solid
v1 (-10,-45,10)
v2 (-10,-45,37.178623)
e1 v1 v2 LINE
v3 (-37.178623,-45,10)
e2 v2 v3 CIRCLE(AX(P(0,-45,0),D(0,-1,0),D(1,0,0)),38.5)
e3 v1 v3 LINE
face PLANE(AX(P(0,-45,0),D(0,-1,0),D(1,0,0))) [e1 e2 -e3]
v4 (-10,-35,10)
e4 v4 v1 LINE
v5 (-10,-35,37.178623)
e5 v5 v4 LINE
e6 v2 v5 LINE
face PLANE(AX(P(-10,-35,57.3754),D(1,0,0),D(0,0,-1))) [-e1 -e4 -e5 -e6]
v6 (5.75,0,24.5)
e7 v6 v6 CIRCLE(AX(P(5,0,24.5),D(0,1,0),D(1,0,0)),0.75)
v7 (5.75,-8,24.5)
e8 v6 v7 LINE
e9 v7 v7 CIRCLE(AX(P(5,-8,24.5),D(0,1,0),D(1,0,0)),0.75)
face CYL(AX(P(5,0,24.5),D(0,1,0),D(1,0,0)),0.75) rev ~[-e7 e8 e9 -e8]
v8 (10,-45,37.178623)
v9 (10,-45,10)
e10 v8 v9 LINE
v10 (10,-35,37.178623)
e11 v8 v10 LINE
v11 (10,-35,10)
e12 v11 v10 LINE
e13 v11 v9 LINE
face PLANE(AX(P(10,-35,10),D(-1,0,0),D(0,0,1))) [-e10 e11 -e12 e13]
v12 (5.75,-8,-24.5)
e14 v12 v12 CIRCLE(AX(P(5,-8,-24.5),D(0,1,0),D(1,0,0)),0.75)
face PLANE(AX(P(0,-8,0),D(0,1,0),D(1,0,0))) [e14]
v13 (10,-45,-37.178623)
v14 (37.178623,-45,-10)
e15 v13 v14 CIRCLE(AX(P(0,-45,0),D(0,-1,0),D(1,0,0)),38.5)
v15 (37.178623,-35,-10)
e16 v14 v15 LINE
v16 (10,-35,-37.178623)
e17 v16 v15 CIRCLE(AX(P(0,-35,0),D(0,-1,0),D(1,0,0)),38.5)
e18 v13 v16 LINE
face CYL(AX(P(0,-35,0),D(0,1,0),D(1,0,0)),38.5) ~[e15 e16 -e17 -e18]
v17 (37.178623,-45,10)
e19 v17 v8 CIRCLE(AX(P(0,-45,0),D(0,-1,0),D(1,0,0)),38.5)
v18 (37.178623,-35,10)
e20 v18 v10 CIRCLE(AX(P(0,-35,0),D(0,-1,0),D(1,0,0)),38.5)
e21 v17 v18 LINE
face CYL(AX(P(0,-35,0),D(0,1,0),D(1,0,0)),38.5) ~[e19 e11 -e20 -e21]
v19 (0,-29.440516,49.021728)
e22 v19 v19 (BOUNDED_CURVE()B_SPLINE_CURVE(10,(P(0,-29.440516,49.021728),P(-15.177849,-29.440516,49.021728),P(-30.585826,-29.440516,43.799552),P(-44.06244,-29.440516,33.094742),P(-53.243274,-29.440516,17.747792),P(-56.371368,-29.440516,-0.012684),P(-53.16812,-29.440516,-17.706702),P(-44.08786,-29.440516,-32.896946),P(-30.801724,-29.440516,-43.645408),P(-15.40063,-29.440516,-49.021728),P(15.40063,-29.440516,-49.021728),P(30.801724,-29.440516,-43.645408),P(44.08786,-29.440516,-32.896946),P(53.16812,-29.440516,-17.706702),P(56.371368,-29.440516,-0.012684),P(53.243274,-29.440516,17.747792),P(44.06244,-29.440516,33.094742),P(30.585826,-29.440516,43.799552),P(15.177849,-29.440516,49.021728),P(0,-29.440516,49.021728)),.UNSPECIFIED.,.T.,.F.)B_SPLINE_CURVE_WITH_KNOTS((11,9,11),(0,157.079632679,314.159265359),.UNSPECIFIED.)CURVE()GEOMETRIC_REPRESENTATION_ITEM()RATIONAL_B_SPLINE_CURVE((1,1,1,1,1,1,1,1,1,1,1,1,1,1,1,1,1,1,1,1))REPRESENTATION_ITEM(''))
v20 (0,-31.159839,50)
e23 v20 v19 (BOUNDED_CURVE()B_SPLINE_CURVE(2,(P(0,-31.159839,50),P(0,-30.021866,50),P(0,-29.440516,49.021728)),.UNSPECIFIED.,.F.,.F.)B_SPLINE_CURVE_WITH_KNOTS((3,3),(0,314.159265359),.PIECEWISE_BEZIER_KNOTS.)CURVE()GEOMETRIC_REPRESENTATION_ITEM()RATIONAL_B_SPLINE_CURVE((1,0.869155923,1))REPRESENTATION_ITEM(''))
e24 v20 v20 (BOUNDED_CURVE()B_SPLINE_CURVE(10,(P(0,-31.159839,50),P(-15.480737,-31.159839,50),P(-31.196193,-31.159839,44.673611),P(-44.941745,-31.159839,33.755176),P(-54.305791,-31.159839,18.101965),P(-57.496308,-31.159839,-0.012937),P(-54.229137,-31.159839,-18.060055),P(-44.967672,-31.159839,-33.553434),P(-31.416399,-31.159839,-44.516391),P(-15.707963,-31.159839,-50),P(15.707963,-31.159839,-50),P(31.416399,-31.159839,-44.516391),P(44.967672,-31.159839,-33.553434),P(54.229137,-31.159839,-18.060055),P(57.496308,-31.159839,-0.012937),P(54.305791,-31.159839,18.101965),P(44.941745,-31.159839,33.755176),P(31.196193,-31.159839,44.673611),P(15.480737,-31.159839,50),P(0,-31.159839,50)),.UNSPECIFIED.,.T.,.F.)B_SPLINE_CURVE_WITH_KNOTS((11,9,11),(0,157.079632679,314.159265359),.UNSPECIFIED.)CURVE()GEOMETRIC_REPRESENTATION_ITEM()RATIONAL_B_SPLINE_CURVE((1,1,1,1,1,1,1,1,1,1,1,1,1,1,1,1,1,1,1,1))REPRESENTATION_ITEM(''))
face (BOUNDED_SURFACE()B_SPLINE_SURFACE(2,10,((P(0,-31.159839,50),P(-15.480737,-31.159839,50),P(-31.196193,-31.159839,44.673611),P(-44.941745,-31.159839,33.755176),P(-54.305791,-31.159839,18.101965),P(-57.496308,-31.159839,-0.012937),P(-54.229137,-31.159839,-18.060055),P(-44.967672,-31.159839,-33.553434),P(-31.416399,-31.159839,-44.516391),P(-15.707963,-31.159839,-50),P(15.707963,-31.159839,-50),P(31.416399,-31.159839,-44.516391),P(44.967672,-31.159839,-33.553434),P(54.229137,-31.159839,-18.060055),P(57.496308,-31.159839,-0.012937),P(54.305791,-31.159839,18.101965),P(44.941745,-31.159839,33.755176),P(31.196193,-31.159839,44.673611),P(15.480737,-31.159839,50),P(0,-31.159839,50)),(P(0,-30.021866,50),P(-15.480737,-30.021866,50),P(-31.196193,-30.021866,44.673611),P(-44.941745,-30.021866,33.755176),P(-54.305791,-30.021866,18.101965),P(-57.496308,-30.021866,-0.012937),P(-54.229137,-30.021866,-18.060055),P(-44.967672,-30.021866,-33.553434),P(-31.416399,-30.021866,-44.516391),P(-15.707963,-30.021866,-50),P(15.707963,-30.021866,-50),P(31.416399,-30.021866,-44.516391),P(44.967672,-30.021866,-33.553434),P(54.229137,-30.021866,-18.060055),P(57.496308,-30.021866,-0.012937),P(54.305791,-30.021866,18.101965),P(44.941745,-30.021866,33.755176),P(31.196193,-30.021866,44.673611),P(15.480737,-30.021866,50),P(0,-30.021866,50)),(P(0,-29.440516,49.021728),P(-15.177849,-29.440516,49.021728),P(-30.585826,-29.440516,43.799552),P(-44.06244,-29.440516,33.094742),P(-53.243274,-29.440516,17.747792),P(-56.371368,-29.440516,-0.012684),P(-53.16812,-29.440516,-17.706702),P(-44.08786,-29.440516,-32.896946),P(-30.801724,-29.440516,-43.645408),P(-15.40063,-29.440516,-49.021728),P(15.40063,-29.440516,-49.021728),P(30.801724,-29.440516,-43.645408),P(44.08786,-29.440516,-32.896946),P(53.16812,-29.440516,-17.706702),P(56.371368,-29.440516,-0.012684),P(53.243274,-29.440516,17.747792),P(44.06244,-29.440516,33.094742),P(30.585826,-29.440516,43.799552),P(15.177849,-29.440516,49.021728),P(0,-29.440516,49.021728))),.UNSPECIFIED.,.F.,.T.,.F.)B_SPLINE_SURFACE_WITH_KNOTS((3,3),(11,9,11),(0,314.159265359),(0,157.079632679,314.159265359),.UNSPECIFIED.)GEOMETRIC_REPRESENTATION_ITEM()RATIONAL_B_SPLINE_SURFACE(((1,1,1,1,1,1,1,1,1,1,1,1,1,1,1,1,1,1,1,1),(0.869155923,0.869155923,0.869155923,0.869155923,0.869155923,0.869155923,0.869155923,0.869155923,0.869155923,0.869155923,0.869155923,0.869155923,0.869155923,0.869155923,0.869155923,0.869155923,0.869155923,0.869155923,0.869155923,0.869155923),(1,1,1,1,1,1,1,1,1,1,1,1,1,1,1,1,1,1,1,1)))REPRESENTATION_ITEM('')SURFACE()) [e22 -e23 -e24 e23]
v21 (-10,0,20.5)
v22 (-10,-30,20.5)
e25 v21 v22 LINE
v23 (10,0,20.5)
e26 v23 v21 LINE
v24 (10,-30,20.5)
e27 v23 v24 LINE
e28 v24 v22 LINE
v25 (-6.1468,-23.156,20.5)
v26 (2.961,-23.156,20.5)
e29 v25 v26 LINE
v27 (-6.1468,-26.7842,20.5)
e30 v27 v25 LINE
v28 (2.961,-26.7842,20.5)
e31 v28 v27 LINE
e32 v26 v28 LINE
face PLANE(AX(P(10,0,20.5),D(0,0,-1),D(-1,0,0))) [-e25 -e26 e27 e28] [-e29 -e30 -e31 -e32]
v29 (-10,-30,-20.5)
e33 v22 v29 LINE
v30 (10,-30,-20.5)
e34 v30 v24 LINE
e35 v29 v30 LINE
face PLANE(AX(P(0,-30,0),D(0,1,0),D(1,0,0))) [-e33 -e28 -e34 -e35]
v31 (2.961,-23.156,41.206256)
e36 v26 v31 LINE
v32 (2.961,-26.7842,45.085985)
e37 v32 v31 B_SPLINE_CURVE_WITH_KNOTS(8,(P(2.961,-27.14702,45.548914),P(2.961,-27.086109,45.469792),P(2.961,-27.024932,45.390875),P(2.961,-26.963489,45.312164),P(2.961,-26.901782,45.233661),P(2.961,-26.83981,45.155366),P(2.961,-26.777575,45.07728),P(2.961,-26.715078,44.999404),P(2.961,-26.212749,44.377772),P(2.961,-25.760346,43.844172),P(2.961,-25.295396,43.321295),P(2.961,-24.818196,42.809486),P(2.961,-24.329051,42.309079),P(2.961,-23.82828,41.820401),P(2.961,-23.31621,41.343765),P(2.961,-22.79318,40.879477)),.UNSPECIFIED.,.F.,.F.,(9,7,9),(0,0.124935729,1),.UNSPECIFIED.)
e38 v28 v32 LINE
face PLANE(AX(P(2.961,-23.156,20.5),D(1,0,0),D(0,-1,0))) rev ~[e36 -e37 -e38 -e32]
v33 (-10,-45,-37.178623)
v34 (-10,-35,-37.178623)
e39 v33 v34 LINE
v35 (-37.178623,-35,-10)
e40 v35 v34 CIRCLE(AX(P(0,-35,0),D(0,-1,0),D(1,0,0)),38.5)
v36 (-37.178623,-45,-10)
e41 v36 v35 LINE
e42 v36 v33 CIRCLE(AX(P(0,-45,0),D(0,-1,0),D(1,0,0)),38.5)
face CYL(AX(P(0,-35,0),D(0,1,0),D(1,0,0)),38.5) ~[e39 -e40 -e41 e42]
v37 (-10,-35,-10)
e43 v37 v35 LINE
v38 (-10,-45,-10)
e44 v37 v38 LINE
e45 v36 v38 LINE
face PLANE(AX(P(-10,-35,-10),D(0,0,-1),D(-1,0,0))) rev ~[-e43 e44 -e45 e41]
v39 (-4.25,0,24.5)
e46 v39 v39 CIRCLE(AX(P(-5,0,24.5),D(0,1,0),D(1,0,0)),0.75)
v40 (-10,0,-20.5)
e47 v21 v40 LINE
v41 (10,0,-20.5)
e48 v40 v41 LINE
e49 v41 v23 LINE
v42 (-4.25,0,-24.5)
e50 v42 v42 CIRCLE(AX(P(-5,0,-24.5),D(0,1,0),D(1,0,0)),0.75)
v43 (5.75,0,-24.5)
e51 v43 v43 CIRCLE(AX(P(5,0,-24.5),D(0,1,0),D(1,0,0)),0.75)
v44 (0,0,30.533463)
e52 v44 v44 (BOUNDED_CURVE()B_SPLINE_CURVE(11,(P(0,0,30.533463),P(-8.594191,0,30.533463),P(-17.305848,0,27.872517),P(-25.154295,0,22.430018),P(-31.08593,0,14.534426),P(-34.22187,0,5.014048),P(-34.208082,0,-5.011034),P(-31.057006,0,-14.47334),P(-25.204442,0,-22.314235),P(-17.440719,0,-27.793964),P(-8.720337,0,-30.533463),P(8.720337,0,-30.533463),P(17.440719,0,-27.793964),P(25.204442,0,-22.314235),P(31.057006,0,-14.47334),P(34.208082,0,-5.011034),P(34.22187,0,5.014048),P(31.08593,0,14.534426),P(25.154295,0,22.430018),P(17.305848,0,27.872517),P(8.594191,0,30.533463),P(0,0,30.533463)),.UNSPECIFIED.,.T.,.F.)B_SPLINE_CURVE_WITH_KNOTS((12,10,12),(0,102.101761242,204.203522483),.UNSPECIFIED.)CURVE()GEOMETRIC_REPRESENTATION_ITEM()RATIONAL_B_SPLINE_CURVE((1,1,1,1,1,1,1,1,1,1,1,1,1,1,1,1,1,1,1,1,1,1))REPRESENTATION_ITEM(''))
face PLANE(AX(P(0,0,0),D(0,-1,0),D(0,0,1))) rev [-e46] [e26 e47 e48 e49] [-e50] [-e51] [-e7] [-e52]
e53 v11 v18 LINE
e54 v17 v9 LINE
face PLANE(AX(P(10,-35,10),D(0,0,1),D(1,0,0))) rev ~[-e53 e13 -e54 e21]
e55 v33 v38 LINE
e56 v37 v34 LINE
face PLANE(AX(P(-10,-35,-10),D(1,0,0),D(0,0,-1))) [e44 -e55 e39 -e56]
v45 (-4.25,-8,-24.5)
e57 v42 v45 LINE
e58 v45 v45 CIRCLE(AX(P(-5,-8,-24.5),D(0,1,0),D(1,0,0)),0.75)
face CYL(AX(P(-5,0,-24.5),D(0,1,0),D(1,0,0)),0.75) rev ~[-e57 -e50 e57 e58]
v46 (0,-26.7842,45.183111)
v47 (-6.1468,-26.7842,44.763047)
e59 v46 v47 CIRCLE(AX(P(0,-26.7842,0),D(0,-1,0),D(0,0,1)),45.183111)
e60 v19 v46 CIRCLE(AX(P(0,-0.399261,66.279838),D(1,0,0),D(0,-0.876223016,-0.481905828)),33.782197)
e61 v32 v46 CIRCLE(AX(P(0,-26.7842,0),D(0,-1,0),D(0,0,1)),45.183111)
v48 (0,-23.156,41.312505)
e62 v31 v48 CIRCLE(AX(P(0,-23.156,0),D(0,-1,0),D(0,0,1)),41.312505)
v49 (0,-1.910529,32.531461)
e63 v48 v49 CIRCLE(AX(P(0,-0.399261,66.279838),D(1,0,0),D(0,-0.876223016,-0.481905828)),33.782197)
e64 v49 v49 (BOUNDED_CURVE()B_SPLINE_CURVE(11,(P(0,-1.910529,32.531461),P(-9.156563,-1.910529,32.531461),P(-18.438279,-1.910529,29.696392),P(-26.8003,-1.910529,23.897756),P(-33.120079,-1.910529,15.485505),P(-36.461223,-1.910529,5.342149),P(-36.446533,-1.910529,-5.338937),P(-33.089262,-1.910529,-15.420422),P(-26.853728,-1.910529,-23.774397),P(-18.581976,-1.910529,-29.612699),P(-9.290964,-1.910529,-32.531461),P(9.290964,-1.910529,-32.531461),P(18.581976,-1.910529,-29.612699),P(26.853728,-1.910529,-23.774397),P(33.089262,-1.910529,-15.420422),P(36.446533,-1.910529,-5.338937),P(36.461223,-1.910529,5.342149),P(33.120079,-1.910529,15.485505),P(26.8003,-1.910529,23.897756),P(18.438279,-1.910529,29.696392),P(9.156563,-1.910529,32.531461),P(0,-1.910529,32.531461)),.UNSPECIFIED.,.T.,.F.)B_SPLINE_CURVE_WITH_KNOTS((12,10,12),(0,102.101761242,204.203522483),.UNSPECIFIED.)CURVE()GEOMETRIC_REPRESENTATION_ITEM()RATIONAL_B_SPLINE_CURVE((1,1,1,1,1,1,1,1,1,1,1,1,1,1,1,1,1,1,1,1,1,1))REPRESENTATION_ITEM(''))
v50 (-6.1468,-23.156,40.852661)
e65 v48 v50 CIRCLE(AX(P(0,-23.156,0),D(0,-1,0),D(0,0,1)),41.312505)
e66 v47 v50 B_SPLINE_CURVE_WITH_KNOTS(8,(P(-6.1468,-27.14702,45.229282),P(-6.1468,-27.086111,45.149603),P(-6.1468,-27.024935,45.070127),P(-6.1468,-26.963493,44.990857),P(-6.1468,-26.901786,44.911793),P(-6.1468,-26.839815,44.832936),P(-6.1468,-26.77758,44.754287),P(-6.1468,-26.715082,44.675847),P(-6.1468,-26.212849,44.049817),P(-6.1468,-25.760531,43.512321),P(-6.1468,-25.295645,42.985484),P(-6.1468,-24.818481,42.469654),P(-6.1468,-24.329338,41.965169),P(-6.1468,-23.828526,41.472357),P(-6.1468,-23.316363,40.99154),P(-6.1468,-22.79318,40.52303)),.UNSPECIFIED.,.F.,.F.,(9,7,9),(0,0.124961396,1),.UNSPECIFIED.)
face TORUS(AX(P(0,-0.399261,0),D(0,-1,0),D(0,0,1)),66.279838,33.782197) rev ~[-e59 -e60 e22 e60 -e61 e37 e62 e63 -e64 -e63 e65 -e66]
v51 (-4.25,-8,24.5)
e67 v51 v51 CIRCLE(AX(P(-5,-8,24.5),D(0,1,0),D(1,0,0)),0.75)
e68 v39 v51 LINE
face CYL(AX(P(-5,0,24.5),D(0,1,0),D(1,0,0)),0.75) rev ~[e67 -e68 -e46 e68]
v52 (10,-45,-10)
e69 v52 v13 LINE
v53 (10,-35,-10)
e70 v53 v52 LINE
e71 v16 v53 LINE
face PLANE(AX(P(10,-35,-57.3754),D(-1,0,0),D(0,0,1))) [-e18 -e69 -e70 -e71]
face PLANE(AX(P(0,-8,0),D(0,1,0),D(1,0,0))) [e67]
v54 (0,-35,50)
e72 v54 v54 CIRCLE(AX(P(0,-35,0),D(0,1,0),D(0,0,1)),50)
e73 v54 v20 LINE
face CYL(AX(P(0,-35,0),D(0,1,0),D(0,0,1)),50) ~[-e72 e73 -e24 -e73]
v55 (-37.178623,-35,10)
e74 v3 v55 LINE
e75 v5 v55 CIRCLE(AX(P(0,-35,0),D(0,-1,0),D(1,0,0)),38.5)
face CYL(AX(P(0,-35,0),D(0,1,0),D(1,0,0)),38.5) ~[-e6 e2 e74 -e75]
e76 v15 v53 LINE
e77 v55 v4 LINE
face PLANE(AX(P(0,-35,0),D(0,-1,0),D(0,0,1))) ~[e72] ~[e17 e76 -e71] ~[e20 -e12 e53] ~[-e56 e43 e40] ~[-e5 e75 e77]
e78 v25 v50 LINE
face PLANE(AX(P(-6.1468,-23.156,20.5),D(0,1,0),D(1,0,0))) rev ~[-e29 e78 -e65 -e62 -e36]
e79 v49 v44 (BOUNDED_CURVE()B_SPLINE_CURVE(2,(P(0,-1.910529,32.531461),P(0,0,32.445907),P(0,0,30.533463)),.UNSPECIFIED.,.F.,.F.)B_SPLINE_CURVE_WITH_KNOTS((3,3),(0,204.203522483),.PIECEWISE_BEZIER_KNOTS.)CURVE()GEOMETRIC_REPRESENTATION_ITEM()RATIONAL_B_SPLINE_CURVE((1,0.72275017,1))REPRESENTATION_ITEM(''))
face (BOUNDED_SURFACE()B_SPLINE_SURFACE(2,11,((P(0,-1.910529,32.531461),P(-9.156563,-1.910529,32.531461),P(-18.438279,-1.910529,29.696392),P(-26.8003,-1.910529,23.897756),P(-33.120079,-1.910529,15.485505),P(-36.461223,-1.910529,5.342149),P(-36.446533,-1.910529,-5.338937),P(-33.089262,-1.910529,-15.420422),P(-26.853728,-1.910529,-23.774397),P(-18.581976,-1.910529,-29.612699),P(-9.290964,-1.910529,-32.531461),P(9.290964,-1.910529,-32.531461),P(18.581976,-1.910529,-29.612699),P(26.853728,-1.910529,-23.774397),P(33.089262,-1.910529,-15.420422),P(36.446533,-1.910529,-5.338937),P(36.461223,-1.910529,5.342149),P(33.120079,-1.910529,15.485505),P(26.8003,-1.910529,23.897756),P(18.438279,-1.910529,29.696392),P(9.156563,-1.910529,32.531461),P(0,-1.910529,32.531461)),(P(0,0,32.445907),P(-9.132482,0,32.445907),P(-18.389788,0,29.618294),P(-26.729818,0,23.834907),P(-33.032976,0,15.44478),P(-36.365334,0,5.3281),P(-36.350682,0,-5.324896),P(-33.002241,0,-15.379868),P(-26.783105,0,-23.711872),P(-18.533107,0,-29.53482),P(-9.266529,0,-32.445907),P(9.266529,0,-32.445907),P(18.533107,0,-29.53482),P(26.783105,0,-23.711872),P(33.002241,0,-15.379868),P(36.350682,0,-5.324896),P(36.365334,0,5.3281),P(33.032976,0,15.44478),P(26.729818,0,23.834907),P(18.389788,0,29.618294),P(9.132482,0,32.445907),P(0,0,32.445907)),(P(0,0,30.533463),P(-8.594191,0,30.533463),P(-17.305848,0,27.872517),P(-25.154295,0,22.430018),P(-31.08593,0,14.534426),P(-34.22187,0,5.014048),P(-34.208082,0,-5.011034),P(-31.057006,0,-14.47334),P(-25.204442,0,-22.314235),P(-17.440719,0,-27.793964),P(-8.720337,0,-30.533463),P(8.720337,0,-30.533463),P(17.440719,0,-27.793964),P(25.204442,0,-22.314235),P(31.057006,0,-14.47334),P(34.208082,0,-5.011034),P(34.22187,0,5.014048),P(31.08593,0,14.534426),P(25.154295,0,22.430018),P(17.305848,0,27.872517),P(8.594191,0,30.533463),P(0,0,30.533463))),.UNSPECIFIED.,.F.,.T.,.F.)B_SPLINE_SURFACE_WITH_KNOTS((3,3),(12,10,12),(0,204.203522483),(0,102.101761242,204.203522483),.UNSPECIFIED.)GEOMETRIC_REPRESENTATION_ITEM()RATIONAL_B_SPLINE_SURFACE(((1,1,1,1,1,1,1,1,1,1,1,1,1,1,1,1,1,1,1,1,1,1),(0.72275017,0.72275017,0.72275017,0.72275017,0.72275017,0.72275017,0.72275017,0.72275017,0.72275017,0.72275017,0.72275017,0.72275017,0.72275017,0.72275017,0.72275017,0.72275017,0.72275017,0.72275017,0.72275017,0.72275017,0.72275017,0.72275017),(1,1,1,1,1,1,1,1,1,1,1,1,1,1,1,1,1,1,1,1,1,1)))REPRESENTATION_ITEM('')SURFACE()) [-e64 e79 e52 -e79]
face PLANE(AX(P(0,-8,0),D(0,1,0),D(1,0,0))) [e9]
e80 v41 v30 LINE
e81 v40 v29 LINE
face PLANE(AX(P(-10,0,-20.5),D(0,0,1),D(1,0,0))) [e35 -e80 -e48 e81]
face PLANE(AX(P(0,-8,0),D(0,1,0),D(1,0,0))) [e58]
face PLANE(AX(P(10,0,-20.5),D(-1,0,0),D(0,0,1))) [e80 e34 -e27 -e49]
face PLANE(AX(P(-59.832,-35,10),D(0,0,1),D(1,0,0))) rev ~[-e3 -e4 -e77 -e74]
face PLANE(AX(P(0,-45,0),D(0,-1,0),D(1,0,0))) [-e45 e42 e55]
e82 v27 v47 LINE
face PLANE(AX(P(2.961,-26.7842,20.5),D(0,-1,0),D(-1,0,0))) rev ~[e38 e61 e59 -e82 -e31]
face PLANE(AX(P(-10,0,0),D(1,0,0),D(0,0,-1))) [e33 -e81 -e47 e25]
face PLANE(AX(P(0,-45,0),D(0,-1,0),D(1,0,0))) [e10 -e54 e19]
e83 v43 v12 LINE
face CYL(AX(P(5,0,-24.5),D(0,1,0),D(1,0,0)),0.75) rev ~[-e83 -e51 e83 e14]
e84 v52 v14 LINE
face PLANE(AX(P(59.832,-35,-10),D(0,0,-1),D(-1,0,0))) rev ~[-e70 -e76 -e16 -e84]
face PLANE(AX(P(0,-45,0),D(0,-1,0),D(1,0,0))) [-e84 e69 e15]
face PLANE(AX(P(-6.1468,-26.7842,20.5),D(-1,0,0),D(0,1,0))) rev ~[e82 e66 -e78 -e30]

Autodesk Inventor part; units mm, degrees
ref_plane "YZ Plane" through (0, 0, 0) normal (1, 0, 0) x (0, 1, 0)
ref_plane "XZ Plane" through (0, 0, 0) normal (0, 1, 0) x (-1, 0, 0)
ref_plane "XY Plane" through (0, 0, 0) normal (0, 0, 1) x (1, 0, 0)
sketch "Boceto1" plane through (0, 0, 0) normal (1, 0, 0) x (0, 1, 0)
  line L0 (0, 0) -> (0, 32.5)
  line L1 (0, 0) -> (32.5, 0) construction
  line L2 (0, 0) -> (-35, 0)
  line L3 (0, 0) -> (35, 0) construction
  line L4 (-35, 0) -> (-35, 50)
  line L5 (-35, 0) -> (15, 0) construction
  line L6 (-35, 50) -> (-30, 50)
  line L7 (-35, 50) -> (-30, 50) construction
  arc A0 (-30, 50) -> (0, 32.5) centre (-0.3993, 66.2798) ccw
  dimension "d1" = 90
  dimension "d3" = 35
  dimension "d4" = 180
  dimension "d5" = 50
  dimension "d6" = 90
  dimension "d7" = 5
  dimension "d8" = 0
revolve "Revolución1" add sketch "Boceto1" angle 360 about axis through (0, 0, 0) along (0, -1, 0)
fillet "Empalme1" radius 2 2 edges at (0, 0, -32.5) (0, -30, -50)
sketch "Boceto2" plane through (0, 0, 0) normal (0, 1, 0) x (1, 0, 0)
  line L0 (10, -20.5) -> (-10, -20.5)
  line L1 (-10, -20.5) -> (-10, 20.5)
  line L2 (-10, 20.5) -> (10, 20.5)
  line L3 (10, 20.5) -> (10, -20.5)
  line L4 (10, -20.5) -> (-10, 20.5) construction
  line L5 (-10, -20.5) -> (10, 20.5) construction
  line L6 (10, -20.5) -> (-10, -20.5)
  line L7 (10, -27) -> (10, -20.5)
  line L8 (10, -20.5) -> (-10, -20.5)
  line L9 (10, -23.5) -> (10, -20.5)
  line L10 (-10, -20.5) -> (-6, -20.5) construction
  circle A0 centre (-5, -24.5) radius 2.2
  circle A1 centre (5, -24.5) radius 2.2
  line L11 (0, 0) -> (-10, 0)
  circle A2 centre (-5, 24.5) radius 2.2
  circle A3 centre (5, 24.5) radius 2.2
  circle A4 centre (-5, 24.5) radius 0.75
  circle A5 centre (5, 24.5) radius 0.75
  circle A6 centre (-5, -24.5) radius 0.75
  circle A7 centre (5, -24.5) radius 0.75
  dimension "d11" = 20
  dimension "d12" = 41
  dimension "d34" = 1.5
  dimension "d35" = 1.5
  dimension "d36" = 1.5
  dimension "d37" = 1.5
extrude "Extrusión1" cut sketch "Boceto2" against normal blind 8 contours A0 | A1 | A2 | A3 | A4 | A5 | A6 | A7
extrude "Extrusión2" cut sketch "Boceto2" against normal blind 30 contours L0 L1 L2 L3
sketch "Boceto3" plane through (0, -35, 0) normal (0, -1, 0) x (1, 0, 0)
  circle A0 centre (0, 0) radius 38.5
  line L0 (38.5, 5) -> (5, 5)
  line L1 (-5, 5) -> (-38.5, 5)
  line L2 (5, 38.5) -> (5, 5)
  line L3 (5, -5) -> (5, -38.5)
  line L4 (38.5, -5) -> (5, -5)
  line L5 (-5, -5) -> (-38.5, -5)
  line L6 (-5, 38.5) -> (-5, 5)
  line L7 (-5, -5) -> (-5, -38.5)
  point P0 (38.1739, -5)
  point P1 (5, -38.1739)
  point P2 (-5, -38.1739)
  point P3 (-38.1739, -5)
  point P4 (-5, 38.1739)
  point P5 (-38.1739, 5)
  point P6 (5, 38.1739)
  point P7 (38.1739, 5)
extrude "Extrusión3" add sketch "Boceto3" along normal blind 10 contours L0 L2 A0 | A0 L3 L4 | L6 L1 A0 | A0 L5 L7
extrude "Extrusión4" add sketch "Boceto2" against normal blind 31.25 contours A0 | A1 | A2 | A3
sketch "Boceto4" plane through (0, -35, 0) normal (0, -1, 0) x (1, 0, 0)
  line L0 (0, 0) -> (0, -39.1939)
  line L1 (0, -39.1939) -> (0, 39.081)
  line L2 (0, 0) -> (40.6258, 0)
  line L3 (40.6258, 0) -> (-47.6063, 0)
  line L4 (5, 5) -> (38.1739, 5) projected
  line L5 (-5, 5) -> (5, 5)
  line L6 (-10, -57.3754) -> (10, -57.3754)
  line L7 (10, -57.3754) -> (10, 57.3754)
  line L8 (10, 57.3754) -> (-10, 57.3754)
  line L9 (-10, 57.3754) -> (-10, -57.3754)
  line L10 (-10, -57.3754) -> (10, 57.3754) construction
  line L11 (10, -57.3754) -> (-10, 57.3754) construction
  line L12 (-59.832, 10) -> (59.832, 10)
  line L13 (59.832, 10) -> (59.832, -10)
  line L14 (59.832, -10) -> (-59.832, -10)
  line L15 (-59.832, -10) -> (-59.832, 10)
  line L16 (-59.832, 10) -> (59.832, -10) construction
  line L17 (59.832, 10) -> (-59.832, -10) construction
  point P0 (-10, -10)
  point P1 (10, -10)
  point P2 (10, 10)
  point P3 (-10, 10)
  dimension "d40" = 20
  dimension "d41" = 20
extrude "Extrusión5" cut sketch "Boceto4" along normal blind 100.25
sketch "Boceto5" plane through (10, 0, 20.5) normal (0, 0, -1) x (-1, 0, 0)
  line L0 (7.039, -26.7842) -> (16.1468, -26.7842)
  line L1 (16.1468, -26.7842) -> (16.1468, -23.156)
  line L2 (16.1468, -23.156) -> (7.039, -23.156)
  line L3 (7.039, -23.156) -> (7.039, -26.7842)
  point P0 (10, 0)
extrude "Extrusión6" cut sketch "Boceto5" against normal blind 100.25
